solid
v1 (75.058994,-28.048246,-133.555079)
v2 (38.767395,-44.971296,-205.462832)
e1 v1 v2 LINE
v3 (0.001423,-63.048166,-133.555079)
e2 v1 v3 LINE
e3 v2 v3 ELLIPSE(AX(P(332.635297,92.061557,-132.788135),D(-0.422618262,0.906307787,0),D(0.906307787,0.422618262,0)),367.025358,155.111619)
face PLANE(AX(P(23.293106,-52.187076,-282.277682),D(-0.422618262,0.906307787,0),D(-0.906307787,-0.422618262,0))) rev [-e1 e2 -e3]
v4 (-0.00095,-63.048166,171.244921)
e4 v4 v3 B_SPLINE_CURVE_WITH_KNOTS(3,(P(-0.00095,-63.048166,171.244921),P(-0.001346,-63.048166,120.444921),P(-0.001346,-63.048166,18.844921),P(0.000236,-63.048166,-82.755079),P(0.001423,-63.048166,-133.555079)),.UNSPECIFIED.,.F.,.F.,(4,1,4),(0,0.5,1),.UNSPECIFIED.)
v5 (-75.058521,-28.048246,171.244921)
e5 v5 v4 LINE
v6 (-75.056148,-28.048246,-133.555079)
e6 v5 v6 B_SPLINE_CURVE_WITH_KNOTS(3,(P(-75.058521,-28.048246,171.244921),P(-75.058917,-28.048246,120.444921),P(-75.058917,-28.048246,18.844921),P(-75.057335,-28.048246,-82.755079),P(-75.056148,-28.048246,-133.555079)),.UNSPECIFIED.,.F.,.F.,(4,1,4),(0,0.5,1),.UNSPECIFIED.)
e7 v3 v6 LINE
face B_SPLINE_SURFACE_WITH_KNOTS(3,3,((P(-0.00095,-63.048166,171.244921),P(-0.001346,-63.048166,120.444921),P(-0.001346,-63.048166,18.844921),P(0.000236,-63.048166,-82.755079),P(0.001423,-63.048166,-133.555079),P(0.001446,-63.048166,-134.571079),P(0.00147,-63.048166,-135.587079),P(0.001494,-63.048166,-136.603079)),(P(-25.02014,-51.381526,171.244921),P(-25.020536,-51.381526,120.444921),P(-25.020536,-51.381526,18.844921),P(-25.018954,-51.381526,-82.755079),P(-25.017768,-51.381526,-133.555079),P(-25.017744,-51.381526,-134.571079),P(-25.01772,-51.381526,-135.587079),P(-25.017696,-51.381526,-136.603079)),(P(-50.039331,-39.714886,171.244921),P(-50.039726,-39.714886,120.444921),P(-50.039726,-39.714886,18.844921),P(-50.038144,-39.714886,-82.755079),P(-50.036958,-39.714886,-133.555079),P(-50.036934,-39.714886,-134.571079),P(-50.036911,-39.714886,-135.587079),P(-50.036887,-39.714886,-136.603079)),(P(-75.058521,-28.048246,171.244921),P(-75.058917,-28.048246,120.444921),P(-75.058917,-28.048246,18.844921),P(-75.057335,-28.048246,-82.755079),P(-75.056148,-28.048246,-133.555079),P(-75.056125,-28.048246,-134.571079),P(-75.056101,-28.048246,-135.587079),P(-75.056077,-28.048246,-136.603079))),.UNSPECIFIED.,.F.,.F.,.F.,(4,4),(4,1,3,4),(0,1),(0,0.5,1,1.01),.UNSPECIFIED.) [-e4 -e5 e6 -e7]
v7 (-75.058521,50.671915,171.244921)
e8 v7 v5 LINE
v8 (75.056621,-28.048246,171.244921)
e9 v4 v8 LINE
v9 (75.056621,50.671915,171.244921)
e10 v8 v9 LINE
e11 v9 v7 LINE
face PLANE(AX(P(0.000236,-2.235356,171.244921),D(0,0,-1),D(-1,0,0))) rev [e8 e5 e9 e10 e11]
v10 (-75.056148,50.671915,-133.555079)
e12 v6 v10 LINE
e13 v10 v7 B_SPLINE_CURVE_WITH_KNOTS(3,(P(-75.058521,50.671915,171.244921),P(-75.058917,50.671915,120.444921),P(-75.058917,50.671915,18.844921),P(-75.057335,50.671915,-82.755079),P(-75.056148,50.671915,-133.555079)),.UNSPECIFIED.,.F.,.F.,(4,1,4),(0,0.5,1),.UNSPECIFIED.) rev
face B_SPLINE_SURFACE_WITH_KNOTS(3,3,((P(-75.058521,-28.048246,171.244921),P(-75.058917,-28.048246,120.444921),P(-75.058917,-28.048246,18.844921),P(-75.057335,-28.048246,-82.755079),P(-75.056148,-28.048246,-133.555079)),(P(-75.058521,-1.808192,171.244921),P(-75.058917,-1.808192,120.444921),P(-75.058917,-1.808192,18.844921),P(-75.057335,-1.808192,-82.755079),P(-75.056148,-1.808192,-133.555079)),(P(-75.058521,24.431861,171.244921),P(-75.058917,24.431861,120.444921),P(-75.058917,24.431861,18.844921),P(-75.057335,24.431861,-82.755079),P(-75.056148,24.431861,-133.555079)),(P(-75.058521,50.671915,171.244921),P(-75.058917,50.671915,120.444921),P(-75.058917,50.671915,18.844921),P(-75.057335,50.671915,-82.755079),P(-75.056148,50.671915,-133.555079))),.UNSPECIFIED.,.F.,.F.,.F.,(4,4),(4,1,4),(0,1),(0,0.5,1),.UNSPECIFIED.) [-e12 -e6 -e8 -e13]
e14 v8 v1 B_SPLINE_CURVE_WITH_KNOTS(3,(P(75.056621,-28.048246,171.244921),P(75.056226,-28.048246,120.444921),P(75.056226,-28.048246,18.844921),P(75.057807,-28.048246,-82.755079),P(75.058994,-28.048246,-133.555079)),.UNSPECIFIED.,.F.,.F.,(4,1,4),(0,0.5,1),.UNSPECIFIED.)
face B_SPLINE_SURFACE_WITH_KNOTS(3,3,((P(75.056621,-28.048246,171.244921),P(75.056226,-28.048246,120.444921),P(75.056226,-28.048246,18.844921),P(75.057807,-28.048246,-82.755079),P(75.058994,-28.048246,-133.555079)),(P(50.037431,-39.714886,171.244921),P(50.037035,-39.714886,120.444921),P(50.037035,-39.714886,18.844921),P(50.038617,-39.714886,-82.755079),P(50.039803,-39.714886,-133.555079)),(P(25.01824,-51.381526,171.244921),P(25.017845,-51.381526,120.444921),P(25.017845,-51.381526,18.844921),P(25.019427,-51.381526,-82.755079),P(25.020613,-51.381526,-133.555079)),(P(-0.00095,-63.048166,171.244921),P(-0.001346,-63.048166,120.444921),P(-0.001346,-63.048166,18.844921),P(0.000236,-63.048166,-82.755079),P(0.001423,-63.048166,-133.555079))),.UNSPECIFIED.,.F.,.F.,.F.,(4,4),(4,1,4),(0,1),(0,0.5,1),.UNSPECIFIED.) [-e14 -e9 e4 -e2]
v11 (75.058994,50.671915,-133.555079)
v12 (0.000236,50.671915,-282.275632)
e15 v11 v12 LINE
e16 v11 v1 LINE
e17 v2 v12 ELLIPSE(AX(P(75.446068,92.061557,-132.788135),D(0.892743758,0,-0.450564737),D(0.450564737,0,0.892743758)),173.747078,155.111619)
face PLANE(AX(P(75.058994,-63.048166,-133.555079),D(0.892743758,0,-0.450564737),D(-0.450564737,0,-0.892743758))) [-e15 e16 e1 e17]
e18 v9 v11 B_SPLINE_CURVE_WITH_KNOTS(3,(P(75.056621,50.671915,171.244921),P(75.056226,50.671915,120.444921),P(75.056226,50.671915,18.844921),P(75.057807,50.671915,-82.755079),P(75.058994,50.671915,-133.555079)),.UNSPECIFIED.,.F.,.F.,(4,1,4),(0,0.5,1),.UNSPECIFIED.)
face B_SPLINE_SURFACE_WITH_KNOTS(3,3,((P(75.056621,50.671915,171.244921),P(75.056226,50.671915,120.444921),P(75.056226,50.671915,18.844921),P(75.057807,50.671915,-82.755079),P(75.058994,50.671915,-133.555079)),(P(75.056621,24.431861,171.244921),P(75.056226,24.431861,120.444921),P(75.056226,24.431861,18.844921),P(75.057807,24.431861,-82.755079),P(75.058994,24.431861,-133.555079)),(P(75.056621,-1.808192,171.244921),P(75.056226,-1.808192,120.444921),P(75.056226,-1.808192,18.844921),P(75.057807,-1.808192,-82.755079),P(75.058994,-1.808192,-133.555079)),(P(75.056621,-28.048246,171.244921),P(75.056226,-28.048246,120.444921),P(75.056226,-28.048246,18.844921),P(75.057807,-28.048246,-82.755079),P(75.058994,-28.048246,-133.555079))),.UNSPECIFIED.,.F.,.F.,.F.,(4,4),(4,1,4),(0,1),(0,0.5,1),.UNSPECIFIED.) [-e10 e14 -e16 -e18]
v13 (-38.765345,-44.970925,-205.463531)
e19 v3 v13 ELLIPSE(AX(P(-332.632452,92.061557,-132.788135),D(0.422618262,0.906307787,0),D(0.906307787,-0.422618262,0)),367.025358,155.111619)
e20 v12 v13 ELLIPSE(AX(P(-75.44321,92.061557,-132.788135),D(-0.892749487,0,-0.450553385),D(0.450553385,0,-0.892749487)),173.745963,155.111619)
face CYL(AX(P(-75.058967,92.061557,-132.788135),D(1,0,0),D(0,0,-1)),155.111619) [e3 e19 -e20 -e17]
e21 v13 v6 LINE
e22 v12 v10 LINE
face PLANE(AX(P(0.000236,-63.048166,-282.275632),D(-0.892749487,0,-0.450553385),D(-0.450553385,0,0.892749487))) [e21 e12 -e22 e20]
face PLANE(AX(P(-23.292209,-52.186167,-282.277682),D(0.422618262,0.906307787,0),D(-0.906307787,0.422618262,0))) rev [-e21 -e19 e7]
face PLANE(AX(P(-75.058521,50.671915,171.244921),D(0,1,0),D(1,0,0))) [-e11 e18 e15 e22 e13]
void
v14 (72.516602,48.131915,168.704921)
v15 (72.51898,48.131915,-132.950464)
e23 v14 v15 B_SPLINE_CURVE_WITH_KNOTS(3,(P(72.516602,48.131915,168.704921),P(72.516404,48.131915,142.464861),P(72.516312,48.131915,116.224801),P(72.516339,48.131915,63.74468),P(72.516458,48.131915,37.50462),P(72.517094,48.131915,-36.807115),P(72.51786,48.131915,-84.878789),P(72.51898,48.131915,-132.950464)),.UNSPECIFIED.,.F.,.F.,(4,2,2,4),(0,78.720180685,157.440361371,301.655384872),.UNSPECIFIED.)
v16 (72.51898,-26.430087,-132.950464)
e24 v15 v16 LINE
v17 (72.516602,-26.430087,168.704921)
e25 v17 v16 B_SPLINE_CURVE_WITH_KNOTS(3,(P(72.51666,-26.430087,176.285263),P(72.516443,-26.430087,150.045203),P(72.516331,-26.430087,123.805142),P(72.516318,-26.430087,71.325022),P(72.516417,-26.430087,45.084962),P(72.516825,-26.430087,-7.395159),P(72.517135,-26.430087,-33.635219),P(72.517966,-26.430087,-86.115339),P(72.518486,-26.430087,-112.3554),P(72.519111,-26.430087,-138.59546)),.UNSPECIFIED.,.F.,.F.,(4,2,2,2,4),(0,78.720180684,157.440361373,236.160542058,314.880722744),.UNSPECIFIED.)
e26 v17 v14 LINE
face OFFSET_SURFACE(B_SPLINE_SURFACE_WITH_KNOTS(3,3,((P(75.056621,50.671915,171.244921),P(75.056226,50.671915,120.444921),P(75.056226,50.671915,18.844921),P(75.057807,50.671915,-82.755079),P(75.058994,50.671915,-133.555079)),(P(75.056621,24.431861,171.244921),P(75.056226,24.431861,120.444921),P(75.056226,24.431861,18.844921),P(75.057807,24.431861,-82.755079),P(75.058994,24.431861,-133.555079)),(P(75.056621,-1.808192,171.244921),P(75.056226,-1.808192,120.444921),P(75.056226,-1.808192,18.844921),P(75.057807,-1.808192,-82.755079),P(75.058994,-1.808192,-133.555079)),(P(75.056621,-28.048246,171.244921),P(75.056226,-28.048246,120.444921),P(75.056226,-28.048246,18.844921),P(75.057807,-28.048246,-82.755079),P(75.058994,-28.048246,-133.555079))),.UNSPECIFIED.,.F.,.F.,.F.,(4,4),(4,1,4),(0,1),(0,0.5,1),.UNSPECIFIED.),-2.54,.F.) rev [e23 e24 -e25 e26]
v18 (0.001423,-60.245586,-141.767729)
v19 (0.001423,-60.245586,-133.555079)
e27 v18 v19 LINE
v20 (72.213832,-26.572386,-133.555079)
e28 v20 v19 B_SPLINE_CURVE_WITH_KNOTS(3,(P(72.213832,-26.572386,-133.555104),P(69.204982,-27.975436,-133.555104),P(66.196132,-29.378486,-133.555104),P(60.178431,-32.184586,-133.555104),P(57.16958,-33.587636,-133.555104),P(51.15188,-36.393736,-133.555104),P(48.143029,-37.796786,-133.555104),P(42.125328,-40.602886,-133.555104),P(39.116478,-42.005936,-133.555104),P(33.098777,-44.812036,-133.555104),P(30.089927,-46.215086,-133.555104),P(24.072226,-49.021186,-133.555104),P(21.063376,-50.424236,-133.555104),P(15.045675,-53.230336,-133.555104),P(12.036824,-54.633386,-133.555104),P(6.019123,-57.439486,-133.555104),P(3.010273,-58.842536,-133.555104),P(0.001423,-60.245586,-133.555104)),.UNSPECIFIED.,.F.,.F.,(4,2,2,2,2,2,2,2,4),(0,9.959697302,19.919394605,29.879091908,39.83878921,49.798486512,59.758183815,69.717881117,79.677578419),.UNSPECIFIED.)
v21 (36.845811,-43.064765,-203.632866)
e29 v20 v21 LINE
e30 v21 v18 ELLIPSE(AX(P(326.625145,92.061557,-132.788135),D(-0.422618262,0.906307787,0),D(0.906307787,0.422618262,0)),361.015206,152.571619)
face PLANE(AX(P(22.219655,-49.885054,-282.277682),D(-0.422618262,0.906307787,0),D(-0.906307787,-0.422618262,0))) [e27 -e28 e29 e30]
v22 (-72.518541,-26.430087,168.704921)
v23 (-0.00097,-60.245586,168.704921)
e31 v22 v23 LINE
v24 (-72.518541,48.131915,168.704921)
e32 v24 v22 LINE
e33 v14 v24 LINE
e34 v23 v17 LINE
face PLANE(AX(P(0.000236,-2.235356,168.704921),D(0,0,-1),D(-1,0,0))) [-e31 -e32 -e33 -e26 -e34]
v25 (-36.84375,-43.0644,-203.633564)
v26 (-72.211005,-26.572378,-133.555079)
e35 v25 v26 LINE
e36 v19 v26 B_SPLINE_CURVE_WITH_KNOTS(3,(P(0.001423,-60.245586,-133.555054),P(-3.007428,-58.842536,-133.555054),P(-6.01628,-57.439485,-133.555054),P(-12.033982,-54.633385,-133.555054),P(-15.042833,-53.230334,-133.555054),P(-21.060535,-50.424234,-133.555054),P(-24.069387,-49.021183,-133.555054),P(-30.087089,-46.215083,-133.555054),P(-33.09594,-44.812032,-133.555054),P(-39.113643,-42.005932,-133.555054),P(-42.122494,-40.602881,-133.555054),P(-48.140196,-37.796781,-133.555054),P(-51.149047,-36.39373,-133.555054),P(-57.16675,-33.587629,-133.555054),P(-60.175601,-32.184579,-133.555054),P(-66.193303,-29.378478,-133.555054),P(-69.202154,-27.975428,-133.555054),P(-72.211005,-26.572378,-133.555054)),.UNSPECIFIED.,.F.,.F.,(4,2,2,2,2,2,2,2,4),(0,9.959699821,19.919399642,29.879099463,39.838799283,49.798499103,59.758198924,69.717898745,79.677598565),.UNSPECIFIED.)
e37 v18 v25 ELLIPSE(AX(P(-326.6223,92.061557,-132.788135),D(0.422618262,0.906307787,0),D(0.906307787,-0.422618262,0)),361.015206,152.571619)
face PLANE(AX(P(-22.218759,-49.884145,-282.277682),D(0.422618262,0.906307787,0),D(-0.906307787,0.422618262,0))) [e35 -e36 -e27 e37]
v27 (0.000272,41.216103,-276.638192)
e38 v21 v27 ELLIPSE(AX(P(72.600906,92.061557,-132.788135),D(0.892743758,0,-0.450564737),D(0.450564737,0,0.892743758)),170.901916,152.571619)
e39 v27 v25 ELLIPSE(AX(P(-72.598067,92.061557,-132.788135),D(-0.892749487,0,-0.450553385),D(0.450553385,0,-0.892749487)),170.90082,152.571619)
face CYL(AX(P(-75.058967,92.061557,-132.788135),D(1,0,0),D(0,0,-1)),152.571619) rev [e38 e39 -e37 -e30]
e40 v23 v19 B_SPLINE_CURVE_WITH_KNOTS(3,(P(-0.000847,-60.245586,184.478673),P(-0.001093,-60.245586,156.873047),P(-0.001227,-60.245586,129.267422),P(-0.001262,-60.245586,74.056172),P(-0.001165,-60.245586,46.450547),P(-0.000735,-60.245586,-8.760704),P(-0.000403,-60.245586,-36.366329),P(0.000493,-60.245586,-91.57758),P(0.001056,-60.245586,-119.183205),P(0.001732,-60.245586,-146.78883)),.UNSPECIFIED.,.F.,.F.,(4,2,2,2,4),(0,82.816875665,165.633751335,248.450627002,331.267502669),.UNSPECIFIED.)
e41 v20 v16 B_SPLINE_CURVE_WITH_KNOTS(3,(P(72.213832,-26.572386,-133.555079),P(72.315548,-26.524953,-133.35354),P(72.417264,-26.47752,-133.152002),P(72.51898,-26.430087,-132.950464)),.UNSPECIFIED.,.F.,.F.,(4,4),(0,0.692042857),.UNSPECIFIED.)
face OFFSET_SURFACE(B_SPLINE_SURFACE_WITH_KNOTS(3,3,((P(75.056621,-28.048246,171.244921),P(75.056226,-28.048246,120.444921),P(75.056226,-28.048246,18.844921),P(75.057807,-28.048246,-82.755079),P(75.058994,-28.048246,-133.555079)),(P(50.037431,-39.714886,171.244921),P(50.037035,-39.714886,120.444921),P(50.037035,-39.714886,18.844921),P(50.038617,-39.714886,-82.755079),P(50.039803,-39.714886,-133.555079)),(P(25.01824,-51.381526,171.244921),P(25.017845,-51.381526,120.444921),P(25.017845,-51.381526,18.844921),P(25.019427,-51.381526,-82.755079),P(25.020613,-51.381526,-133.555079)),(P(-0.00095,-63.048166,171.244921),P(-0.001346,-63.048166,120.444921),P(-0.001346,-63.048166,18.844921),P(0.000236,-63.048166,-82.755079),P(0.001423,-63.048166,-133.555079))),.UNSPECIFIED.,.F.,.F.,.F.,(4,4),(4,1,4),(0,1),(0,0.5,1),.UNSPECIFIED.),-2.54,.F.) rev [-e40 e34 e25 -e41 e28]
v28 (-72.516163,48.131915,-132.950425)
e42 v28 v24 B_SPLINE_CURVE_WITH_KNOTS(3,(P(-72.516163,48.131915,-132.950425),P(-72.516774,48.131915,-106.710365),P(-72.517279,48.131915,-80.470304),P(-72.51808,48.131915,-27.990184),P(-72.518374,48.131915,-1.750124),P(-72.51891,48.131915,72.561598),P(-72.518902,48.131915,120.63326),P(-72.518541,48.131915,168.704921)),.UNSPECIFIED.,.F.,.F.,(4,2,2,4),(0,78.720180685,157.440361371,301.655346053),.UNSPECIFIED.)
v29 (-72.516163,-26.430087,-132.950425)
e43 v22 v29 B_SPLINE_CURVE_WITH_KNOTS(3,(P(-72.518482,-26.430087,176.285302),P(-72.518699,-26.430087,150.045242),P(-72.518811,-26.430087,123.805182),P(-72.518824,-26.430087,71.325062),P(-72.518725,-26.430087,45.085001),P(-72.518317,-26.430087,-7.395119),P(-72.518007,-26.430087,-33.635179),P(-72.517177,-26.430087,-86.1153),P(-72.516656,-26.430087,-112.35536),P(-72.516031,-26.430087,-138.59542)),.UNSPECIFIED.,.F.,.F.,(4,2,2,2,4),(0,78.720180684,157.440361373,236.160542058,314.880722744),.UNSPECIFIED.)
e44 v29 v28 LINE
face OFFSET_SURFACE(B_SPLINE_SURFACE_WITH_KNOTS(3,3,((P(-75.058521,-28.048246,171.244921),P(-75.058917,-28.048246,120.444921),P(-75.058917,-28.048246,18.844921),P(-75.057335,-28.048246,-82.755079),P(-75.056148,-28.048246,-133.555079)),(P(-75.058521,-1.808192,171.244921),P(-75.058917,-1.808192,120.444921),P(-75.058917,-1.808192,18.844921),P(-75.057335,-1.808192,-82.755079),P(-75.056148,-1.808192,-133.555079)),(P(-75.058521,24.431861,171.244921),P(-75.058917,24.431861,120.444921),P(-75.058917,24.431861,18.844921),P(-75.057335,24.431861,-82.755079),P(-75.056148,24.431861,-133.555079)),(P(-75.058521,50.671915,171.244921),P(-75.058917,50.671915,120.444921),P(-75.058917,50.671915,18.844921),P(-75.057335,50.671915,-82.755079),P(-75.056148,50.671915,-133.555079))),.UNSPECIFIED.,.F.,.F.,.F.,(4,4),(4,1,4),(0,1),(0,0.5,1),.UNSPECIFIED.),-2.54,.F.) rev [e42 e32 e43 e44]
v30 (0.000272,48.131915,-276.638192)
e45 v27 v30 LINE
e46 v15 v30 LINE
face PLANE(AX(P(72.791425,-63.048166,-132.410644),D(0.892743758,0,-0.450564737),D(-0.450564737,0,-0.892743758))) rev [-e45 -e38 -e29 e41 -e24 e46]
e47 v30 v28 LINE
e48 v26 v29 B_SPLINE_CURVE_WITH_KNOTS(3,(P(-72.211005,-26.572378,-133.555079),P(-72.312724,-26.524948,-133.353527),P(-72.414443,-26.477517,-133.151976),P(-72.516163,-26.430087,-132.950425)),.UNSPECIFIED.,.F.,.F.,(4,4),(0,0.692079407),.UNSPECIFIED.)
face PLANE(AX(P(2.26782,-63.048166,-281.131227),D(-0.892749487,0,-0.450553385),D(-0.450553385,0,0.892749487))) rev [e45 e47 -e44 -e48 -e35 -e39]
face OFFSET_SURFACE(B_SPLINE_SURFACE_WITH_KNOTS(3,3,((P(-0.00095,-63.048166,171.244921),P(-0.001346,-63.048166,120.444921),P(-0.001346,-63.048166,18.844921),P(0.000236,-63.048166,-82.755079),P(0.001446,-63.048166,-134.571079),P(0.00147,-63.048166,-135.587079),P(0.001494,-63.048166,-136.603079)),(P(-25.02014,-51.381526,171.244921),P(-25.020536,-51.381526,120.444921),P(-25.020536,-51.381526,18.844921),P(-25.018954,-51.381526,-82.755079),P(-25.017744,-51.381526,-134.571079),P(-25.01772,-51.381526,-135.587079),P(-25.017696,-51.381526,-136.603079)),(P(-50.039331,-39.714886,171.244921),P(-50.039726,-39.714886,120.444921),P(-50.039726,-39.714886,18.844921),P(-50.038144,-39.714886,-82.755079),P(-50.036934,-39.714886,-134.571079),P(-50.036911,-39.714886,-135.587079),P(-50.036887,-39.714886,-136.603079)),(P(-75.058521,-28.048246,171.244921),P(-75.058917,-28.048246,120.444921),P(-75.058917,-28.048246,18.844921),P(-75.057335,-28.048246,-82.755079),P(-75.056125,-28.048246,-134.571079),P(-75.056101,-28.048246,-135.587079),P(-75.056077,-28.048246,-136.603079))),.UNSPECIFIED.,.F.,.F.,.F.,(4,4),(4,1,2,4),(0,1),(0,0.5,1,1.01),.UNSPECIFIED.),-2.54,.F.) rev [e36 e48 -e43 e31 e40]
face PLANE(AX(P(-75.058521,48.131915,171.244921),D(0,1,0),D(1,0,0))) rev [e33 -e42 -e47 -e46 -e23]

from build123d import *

# Parameters (mm, degrees)
TOP_BOW_EXTRUSION_DEPTH              = 56.86004
PORT_STARBOARD_CUT_DEPTH             = 38.529378828
PORT_STARBOARD_CUT_DEPTH_BACK        = 38.529527124
FORE_AFT_BOW_WRAPUP_EXTRUSTION_REACH = 76.36
SCALE_2_SCALE                        = 2
SHELL2_T                             = 2.54


with BuildPart() as part:
    # Cross-Section C Sketch → Fore-Aft Loft section 0
    with BuildSketch(Plane.XY.offset(76.2)):
        Polygon((-0.000593186, -30.406404979), (37.528192355, -12.906444879), (37.528192355, 26.453635249), (-37.529378728, 26.453635249), (-37.529378728, -12.906444879), align=None)
    # Cross-Section B Sketch → Fore-Aft Loft section 1
    with BuildSketch(Plane.XY):
        Polygon((-0.000593186, -30.406404979), (37.528192355, -12.906444879), (37.528192355, 26.453635249), (-37.529378728, 26.453635249), (-37.529378728, -12.906444879), align=None)
    # Cross-Section A Sketch → Fore-Aft Loft section 2
    with BuildSketch(Plane(origin=(0, 0, -76.2), x_dir=(-1, 0, 0), z_dir=(0, 0, -1))):
        Polygon((-0.000593186, -30.406404979), (37.528192355, -12.906444879), (37.528192355, 26.453635249), (-37.529378728, 26.453635249), (-37.529378728, -12.906444879), align=None)
    loft()

    # Top Bow Profile → Top Bow Extrusion (add)
    with BuildSketch(Plane(origin=(0, 26.453635249, 0), x_dir=(1, 0, 0), z_dir=(0, 1, 0))):
        Polygon((37.529378728, 76.2), (0, 150.560276873), (-37.528192355, 76.2), align=None)
    extrude(amount=-TOP_BOW_EXTRUSION_DEPTH)

    # Port-Starboard Profile → Port-Starboard Cut (cut, two sides)
    with BuildSketch(Plane(origin=(0, 0, 0), x_dir=(0, 0, -1), z_dir=(1, 0, 0))) as port_starboard_cut_sk:
        with BuildLine():
            ThreePointArc((76.2, -30.406404979), (122.925878209, -14.460087823), (150.560276873, 26.453635249))
            Line((150.560276873, 26.453635249), (150.560276873, -30.406404979))
            Line((150.560276873, -30.406404979), (76.2, -30.406404979))
        make_face()
    extrude(amount=PORT_STARBOARD_CUT_DEPTH, mode=Mode.SUBTRACT)
    extrude(port_starboard_cut_sk.sketch, amount=-PORT_STARBOARD_CUT_DEPTH_BACK, mode=Mode.SUBTRACT)

    # Fore-Aft Bow Construction Sketch → Fore-aft bow wrapup extrustion (cut, up to next)
    with BuildSketch(Plane.XY.offset(-76.2), mode=Mode.PRIVATE) as fore_aft_bow_wrapup_extrustion_sk1:
        Polygon((0.000593186, -30.406404979), (37.529378728, -30.406404979), (37.529378728, -12.906444879), align=None)
    fore_aft_bow_wrapup_extrustion_tool1 = extrude(fore_aft_bow_wrapup_extrustion_sk1.sketch, amount=-FORE_AFT_BOW_WRAPUP_EXTRUSTION_REACH, mode=Mode.PRIVATE) & part.part
    add(fore_aft_bow_wrapup_extrustion_tool1.solids().sort_by_distance((25.019784, -24.573085, -76.2))[0], mode=Mode.SUBTRACT)
    # Fore-Aft Bow Construction Sketch → Fore-aft bow wrapup extrustion (cut, up to next)
    with BuildSketch(Plane.XY.offset(-76.2), mode=Mode.PRIVATE) as fore_aft_bow_wrapup_extrustion_sk2:
        Polygon((-37.528192355, -30.406404979), (0.000593186, -30.406404979), (-37.528192355, -12.906444879), align=None)
    fore_aft_bow_wrapup_extrustion_tool2 = extrude(fore_aft_bow_wrapup_extrustion_sk2.sketch, amount=-FORE_AFT_BOW_WRAPUP_EXTRUSTION_REACH, mode=Mode.PRIVATE) & part.part
    add(fore_aft_bow_wrapup_extrustion_tool2.solids().sort_by_distance((-25.018597, -24.573085, -76.2))[0], mode=Mode.SUBTRACT)


with BuildPart() as part_1:
    # Scale 2: scaled about (-0.000240035, 2.235376986, -18.845056047)
    add(part.part.scale(SCALE_2_SCALE).moved(Location((0.000240035, -2.235376986, 18.845056047))))

    # Shell2 (no face opened: a closed hollow body)
    add(offset(amount=-SHELL2_T, mode=Mode.PRIVATE), mode=Mode.SUBTRACT)


solid = part_1.part
